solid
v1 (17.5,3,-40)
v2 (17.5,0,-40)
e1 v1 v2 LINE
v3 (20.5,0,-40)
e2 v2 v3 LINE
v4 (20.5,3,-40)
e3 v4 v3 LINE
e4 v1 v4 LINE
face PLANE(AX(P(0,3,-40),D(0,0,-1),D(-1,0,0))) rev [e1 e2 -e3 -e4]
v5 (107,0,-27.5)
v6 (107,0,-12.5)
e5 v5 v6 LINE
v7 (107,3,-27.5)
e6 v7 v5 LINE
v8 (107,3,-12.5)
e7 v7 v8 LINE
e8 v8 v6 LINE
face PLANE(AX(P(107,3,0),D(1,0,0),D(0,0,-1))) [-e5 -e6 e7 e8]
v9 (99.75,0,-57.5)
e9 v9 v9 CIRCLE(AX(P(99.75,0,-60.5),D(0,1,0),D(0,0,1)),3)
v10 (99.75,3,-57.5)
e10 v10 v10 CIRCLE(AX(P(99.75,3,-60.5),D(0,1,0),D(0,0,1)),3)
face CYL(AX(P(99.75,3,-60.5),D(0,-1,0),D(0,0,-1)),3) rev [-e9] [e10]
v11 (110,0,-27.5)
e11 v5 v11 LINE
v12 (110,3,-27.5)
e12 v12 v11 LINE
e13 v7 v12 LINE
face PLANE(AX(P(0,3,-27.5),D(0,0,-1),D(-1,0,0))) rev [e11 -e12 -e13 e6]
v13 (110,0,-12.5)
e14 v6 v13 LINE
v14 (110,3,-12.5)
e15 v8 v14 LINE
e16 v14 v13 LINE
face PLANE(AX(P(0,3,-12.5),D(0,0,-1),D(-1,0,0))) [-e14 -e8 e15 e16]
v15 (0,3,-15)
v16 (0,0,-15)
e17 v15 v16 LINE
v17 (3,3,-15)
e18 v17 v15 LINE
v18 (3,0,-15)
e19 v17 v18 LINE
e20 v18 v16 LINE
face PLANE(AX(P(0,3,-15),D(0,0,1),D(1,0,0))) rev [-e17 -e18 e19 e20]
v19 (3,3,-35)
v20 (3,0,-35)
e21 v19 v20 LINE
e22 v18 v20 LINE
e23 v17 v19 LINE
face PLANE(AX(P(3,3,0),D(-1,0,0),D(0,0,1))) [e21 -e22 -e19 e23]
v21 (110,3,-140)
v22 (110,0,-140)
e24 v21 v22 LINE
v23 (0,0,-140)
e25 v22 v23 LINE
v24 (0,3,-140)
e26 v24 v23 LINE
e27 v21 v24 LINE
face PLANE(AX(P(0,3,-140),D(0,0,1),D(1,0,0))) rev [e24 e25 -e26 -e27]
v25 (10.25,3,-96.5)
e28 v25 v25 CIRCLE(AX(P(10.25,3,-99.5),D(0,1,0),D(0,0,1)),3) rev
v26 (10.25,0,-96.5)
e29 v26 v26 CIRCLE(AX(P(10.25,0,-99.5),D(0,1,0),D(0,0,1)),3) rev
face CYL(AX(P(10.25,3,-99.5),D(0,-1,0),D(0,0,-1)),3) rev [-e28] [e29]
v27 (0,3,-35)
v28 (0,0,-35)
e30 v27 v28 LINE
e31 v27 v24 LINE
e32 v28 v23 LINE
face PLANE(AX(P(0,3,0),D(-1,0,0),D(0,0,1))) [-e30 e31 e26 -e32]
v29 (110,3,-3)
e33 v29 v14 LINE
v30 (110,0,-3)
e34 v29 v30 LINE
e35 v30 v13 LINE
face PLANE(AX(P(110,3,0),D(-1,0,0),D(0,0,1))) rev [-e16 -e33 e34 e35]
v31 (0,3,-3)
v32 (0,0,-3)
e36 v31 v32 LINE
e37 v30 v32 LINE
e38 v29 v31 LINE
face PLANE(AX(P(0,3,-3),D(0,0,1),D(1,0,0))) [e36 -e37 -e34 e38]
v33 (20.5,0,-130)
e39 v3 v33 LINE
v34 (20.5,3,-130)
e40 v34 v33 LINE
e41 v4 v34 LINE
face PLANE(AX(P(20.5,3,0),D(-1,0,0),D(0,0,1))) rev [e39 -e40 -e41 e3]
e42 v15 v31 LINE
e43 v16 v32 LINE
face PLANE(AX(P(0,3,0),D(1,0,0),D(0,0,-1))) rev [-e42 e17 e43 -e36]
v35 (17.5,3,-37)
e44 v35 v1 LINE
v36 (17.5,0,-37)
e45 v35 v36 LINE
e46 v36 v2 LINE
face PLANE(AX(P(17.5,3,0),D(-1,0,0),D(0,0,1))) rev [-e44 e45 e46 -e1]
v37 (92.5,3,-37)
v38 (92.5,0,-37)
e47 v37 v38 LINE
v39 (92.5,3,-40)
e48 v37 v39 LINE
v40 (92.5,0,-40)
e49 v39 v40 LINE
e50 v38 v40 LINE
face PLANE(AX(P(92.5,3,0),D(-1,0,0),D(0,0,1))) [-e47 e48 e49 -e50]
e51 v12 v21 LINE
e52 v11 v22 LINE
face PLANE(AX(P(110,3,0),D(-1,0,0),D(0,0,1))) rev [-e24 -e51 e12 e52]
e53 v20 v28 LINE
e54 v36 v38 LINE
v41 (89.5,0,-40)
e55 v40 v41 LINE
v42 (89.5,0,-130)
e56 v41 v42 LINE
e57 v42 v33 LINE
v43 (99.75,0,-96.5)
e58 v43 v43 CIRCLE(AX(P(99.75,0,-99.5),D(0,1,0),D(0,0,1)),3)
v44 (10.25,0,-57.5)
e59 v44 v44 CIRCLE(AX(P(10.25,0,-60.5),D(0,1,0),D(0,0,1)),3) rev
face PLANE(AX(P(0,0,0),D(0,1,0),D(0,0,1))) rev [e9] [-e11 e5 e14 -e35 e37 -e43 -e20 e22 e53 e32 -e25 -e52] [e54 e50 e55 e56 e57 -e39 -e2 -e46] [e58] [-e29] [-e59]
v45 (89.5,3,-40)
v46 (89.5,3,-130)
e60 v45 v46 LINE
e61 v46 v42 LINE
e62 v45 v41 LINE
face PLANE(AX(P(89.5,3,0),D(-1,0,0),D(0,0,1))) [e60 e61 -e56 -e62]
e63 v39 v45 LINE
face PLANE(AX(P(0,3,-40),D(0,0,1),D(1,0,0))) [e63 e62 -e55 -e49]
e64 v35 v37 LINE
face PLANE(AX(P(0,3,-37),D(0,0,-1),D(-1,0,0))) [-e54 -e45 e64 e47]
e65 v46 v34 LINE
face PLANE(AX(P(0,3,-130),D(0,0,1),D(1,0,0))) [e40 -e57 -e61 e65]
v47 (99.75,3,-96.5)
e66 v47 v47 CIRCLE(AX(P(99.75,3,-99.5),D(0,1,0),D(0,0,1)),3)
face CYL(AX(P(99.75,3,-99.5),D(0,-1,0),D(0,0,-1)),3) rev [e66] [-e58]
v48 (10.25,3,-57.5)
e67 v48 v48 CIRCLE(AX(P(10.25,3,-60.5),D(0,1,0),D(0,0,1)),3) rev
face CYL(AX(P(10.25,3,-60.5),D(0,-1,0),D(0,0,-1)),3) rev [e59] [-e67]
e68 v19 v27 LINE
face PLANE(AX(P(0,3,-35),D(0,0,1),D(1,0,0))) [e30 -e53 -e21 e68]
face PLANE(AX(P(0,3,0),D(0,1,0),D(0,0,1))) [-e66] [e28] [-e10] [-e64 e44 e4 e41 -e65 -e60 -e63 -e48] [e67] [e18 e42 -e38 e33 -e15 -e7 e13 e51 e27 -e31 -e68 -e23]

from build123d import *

# Parameters (mm, degrees)
CROQUIS1_R              = 3
SALIENTE_EXTRUIR1_DEPTH = 3


with BuildPart() as part:
    # Croquis1 → Saliente-Extruir1 (new body)
    with BuildSketch(Plane(origin=(0, 0, 0), x_dir=(1, 0, 0), z_dir=(0, 1, 0))):
        Polygon((0, 3), (110, 3), (110, 12.5), (107, 12.5), (107, 20), (107, 27.5), (110, 27.5), (110, 37), (110, 140), (89.5, 140), (20.5, 140), (0, 140), (0, 50), (0, 35), (3, 35), (3, 20), (3, 15), (0, 15), align=None)
        with Locations(Location((10.25, 60.5, 0), (0, 0, 270))):
            Circle(CROQUIS1_R, mode=Mode.SUBTRACT)
        with Locations(Location((99.75, 60.5, 0), (0, 0, 270))):
            Circle(CROQUIS1_R, mode=Mode.SUBTRACT)
        with Locations(Location((10.25, 99.5, 0), (0, 0, 270))):
            Circle(CROQUIS1_R, mode=Mode.SUBTRACT)
        Polygon((92.5, 37), (89.5, 37), (20.5, 37), (17.5, 37), (17.5, 40), (20.5, 40), (20.5, 130), (89.5, 130), (89.5, 40), (92.5, 40), align=None, mode=Mode.SUBTRACT)
        with Locations(Location((99.75, 99.5, 0), (0, 0, 270))):
            Circle(CROQUIS1_R, mode=Mode.SUBTRACT)
    extrude(amount=SALIENTE_EXTRUIR1_DEPTH)


solid = part.part
